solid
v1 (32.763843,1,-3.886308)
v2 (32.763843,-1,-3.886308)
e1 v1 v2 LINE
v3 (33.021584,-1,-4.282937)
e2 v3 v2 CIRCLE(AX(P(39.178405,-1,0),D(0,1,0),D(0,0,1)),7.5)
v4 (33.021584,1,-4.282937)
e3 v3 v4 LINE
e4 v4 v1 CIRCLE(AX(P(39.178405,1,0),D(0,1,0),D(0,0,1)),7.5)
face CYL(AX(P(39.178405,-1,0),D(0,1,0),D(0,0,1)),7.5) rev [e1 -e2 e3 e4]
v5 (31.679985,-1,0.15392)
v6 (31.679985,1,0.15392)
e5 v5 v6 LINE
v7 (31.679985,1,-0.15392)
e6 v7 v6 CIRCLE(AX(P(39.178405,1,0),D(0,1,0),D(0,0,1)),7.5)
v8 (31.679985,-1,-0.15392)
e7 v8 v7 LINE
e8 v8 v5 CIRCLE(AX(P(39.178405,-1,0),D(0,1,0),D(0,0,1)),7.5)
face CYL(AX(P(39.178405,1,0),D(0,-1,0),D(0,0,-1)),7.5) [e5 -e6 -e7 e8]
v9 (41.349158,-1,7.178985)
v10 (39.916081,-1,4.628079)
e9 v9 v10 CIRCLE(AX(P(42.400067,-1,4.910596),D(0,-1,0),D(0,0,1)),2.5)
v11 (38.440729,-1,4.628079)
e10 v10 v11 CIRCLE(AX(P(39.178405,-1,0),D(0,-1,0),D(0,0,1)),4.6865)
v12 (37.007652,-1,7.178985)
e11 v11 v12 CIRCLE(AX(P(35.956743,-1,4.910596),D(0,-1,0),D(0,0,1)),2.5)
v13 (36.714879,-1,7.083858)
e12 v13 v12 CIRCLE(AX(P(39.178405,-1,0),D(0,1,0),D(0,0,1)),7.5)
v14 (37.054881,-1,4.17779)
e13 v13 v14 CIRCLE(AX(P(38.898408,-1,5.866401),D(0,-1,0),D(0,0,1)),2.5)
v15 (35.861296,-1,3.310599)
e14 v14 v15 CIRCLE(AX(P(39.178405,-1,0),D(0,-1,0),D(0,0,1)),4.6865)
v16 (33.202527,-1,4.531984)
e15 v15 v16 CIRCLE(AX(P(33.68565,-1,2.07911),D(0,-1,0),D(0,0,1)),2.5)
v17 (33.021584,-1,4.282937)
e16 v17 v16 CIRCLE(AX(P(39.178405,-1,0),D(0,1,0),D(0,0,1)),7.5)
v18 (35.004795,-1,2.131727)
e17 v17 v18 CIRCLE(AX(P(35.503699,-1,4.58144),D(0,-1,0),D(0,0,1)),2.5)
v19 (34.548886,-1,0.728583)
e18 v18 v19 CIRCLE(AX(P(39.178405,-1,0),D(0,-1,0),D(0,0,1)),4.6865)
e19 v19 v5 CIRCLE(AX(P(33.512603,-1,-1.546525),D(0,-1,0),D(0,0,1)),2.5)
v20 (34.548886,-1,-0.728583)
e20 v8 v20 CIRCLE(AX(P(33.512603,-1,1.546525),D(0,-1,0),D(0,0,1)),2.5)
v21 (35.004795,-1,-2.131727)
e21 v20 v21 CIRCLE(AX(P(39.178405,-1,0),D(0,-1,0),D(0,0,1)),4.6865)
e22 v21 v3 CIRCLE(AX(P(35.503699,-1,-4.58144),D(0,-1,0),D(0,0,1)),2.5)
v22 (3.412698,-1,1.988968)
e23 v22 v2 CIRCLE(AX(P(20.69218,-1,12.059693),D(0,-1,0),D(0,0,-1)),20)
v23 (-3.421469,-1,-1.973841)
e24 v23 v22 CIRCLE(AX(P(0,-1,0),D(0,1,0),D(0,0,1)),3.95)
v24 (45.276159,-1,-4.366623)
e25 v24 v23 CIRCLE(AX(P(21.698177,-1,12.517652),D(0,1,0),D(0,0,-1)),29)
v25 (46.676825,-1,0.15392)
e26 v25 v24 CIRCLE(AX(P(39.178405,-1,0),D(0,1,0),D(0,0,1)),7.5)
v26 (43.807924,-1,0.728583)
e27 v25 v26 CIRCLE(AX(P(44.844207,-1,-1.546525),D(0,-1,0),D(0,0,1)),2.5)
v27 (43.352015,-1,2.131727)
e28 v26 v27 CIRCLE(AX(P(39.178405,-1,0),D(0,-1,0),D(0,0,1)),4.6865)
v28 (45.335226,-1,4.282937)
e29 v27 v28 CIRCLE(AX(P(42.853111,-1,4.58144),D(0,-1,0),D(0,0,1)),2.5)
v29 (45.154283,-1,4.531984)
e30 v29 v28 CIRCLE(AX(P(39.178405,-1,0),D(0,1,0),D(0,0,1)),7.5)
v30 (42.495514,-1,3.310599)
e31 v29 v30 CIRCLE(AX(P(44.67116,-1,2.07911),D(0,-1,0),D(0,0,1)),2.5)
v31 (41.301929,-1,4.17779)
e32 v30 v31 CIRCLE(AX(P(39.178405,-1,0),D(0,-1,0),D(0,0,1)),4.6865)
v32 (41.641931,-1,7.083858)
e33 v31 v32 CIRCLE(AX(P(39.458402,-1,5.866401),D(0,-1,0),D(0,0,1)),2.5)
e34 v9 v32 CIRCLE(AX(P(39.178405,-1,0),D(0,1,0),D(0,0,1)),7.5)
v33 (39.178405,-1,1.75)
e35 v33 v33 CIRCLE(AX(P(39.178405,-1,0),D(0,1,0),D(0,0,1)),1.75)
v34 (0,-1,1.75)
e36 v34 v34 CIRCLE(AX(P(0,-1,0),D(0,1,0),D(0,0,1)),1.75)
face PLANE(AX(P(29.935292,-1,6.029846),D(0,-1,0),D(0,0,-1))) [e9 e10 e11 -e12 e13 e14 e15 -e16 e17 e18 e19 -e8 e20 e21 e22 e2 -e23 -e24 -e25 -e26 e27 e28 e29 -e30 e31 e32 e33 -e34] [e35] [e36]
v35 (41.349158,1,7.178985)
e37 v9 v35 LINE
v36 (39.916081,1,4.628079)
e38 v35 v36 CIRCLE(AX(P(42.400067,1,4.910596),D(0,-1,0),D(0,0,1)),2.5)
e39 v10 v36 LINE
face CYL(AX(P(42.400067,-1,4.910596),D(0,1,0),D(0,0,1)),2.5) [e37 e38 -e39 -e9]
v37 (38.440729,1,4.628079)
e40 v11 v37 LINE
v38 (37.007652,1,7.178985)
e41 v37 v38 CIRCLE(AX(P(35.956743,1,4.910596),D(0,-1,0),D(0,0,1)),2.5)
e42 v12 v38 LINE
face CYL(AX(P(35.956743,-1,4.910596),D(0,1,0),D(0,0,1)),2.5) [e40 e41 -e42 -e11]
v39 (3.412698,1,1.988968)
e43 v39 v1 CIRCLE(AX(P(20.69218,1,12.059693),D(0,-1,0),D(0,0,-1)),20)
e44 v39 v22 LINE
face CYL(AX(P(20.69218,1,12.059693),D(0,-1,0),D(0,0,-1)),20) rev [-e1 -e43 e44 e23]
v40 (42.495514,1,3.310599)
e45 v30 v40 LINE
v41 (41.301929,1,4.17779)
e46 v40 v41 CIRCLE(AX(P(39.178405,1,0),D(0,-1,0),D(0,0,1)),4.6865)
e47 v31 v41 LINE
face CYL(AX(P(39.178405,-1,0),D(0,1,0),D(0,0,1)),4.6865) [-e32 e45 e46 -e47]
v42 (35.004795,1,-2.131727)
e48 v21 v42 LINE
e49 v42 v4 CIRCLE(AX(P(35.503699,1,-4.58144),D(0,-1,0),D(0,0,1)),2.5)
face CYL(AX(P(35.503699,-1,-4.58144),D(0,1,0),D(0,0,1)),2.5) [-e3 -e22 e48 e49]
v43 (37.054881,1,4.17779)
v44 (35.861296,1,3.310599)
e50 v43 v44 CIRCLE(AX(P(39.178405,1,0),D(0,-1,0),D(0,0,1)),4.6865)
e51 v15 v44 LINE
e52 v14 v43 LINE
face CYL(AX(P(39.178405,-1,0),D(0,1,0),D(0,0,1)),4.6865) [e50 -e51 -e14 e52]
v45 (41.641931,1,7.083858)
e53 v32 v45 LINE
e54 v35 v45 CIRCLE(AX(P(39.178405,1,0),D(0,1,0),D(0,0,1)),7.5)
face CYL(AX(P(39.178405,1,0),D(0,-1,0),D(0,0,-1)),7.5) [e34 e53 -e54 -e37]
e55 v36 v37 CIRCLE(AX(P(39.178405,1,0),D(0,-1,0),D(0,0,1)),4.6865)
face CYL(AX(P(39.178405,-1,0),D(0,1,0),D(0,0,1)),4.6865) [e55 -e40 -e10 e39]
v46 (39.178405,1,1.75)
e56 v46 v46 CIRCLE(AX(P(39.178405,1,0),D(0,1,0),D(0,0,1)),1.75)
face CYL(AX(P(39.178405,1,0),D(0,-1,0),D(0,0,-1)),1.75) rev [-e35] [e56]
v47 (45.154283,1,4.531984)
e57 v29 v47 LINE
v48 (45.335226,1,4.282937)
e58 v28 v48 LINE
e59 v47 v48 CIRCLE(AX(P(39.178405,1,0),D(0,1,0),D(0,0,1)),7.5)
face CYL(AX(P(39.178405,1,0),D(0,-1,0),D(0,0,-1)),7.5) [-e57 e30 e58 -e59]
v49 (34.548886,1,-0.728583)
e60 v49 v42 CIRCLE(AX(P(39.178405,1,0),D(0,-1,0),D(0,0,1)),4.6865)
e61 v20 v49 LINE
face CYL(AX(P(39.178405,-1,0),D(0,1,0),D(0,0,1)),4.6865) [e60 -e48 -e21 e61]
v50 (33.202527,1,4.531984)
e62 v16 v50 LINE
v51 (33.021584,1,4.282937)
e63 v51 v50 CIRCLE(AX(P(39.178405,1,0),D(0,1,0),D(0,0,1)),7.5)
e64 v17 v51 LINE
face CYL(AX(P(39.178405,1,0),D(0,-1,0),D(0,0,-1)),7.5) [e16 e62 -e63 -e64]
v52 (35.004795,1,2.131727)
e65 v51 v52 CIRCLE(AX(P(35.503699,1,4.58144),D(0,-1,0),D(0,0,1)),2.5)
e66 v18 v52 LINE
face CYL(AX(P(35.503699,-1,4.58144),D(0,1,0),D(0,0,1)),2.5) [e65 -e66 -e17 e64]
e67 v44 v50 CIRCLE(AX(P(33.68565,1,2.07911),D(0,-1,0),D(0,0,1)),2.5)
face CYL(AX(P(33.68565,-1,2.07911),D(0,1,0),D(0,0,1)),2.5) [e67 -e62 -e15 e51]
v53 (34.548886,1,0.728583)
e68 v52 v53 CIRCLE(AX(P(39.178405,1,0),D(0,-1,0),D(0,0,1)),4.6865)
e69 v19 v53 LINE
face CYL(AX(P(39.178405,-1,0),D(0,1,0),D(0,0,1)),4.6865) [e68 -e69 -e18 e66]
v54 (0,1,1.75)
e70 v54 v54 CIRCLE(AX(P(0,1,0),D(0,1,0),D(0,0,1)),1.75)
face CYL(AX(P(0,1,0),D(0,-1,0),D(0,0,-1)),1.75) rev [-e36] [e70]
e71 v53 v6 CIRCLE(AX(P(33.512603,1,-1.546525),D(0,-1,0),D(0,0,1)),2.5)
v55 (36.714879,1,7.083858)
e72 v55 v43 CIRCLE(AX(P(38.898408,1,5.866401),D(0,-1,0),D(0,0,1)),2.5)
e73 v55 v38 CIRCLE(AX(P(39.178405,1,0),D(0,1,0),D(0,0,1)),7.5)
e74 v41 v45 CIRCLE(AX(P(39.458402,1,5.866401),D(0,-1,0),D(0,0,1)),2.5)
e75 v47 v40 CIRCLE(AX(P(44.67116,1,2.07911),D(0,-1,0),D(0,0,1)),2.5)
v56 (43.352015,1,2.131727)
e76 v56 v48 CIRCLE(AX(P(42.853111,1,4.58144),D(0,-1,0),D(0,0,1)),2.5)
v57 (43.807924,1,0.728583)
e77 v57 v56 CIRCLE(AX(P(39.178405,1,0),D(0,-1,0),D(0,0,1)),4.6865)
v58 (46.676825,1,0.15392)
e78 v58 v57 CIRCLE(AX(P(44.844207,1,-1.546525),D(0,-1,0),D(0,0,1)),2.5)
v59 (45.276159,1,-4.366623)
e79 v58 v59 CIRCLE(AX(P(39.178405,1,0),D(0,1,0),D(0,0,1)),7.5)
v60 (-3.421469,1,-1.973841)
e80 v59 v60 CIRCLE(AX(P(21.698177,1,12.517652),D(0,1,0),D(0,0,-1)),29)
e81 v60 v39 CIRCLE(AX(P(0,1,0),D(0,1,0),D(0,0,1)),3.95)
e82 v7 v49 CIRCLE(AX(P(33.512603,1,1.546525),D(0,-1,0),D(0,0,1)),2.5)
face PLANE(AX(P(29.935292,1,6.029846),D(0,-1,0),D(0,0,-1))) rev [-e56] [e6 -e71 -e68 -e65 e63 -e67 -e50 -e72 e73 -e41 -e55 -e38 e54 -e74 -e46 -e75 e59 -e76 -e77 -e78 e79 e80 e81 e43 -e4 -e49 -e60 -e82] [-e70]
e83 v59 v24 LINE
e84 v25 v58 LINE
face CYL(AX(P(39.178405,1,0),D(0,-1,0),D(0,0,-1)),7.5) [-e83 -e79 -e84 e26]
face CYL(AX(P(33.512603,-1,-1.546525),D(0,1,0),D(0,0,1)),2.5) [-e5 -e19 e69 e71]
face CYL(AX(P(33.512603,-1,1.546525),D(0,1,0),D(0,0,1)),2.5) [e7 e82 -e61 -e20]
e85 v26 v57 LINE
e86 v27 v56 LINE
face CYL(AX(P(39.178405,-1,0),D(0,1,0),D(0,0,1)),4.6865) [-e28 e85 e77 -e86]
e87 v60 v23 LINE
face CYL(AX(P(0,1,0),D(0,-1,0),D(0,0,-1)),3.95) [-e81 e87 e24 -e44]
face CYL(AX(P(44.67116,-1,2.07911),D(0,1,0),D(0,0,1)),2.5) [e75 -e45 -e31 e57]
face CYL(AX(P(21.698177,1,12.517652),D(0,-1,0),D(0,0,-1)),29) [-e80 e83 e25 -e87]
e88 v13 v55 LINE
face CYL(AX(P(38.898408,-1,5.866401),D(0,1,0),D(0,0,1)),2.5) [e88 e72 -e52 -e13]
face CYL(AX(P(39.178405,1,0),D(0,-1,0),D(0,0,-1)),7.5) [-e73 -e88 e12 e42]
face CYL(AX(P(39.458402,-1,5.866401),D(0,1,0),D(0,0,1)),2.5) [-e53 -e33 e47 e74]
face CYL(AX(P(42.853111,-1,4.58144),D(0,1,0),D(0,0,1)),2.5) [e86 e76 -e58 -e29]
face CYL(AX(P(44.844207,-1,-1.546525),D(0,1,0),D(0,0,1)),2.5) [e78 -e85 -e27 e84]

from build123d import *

# Parameters (mm, degrees)
SKETCH1_R           = 1.75
BOSS_EXTRUDE1_DEPTH = 1
CUT_EXTRUDE2_DEPTH  = 50.543327243


with BuildPart() as part:
    # Sketch1 → Boss-Extrude1 (new, symmetric)
    with BuildSketch(Plane(origin=(0, 0, 0), x_dir=(1, 0, 0), z_dir=(0, 1, 0))):
        with BuildLine():
            ThreePointArc((-3.421468999, 1.973841404), (-1.981409632, -3.417091727), (3.412697713, -1.988968154))
            ThreePointArc((3.412697713, -1.988968154), (16.766614489, 7.551271729), (32.763842766, 3.886308189))
            ThreePointArc((32.763842766, 3.886308189), (39.466098288, -7.49448014), (45.276159017, 4.366622946))
            ThreePointArc((45.276159017, 4.366622946), (20.274964763, 16.447403527), (-3.421468999, 1.973841404))
        make_face()
        with Locations(Location((0, 0, 0), (0, 0, 270))):
            Circle(SKETCH1_R, mode=Mode.SUBTRACT)
        with Locations(Location((39.178405, 0, 0), (0, 0, 270))):
            Circle(SKETCH1_R, mode=Mode.SUBTRACT)
    extrude(amount=BOSS_EXTRUDE1_DEPTH, both=True)

    # Sketch8 → Cut-Extrude2 (cut, through all)
    with BuildSketch(Plane(origin=(0, 1, 0), x_dir=(1, 0, 0), z_dir=(0, 1, 0))):
        with BuildLine():
            ThreePointArc((33.021583794, 4.282937385), (33.665616835, 2.886903504), (35.004794682, 2.131726803))
            ThreePointArc((35.004794682, 2.131726803), (34.721278636, 1.448208144), (34.548885748, 0.728583383))
            ThreePointArc((34.548885748, 0.728583383), (33.021586384, 0.904781587), (31.679984582, 0.153919576))
            ThreePointArc((31.679984582, 0.153919576), (32.045481128, 2.317627458), (33.021583794, 4.282937385))
        make_face()
        with BuildLine():
            ThreePointArc((31.679984582, -0.153919576), (33.021586384, -0.904781587), (34.548885748, -0.728583383))
            ThreePointArc((34.548885748, -0.728583383), (34.721278636, -1.448208144), (35.004794682, -2.131726803))
            ThreePointArc((35.004794682, -2.131726803), (33.665616835, -2.886903504), (33.021583794, -4.282937385))
            ThreePointArc((33.021583794, -4.282937385), (32.045481128, -2.317627458), (31.679984582, -0.153919576))
        make_face()
        with BuildLine():
            ThreePointArc((33.202527108, -4.53198449), (34.729251382, -4.350870864), (35.861295817, -3.31059948))
            ThreePointArc((35.861295817, -3.31059948), (36.423749415, -3.791458144), (37.054880901, -4.177789805))
            ThreePointArc((37.054880901, -4.177789805), (36.415344992, -5.575889578), (36.714879444, -7.083857836))
            ThreePointArc((36.714879444, -7.083857836), (34.770015608, -6.067627458), (33.202527108, -4.53198449))
        make_face()
        with BuildLine():
            ThreePointArc((37.007651875, -7.178985365), (38.13634184, -6.135075351), (38.440728849, -4.628079099))
            ThreePointArc((38.440728849, -4.628079099), (39.178405, -4.6865), (39.916081151, -4.628079099))
            ThreePointArc((39.916081151, -4.628079099), (40.22046816, -6.135075351), (41.349158125, -7.178985365))
            ThreePointArc((41.349158125, -7.178985365), (39.178405, -7.5), (37.007651875, -7.178985365))
        make_face()
        with BuildLine():
            ThreePointArc((41.641930556, -7.083857836), (41.941465008, -5.575889578), (41.301929099, -4.177789805))
            ThreePointArc((41.301929099, -4.177789805), (41.933060585, -3.791458144), (42.495514183, -3.31059948))
            ThreePointArc((42.495514183, -3.31059948), (43.627558618, -4.350870864), (45.154282892, -4.53198449))
            ThreePointArc((45.154282892, -4.53198449), (43.586794392, -6.067627458), (41.641930556, -7.083857836))
        make_face()
        with BuildLine():
            ThreePointArc((45.335226206, -4.282937385), (44.691193165, -2.886903504), (43.352015318, -2.131726803))
            ThreePointArc((43.352015318, -2.131726803), (43.635531364, -1.448208144), (43.807924252, -0.728583383))
            ThreePointArc((43.807924252, -0.728583383), (45.335223616, -0.904781587), (46.676825418, -0.153919576))
            ThreePointArc((46.676825418, -0.153919576), (46.311328872, -2.317627458), (45.335226206, -4.282937385))
        make_face()
    extrude(amount=-CUT_EXTRUDE2_DEPTH, mode=Mode.SUBTRACT)


solid = part.part
